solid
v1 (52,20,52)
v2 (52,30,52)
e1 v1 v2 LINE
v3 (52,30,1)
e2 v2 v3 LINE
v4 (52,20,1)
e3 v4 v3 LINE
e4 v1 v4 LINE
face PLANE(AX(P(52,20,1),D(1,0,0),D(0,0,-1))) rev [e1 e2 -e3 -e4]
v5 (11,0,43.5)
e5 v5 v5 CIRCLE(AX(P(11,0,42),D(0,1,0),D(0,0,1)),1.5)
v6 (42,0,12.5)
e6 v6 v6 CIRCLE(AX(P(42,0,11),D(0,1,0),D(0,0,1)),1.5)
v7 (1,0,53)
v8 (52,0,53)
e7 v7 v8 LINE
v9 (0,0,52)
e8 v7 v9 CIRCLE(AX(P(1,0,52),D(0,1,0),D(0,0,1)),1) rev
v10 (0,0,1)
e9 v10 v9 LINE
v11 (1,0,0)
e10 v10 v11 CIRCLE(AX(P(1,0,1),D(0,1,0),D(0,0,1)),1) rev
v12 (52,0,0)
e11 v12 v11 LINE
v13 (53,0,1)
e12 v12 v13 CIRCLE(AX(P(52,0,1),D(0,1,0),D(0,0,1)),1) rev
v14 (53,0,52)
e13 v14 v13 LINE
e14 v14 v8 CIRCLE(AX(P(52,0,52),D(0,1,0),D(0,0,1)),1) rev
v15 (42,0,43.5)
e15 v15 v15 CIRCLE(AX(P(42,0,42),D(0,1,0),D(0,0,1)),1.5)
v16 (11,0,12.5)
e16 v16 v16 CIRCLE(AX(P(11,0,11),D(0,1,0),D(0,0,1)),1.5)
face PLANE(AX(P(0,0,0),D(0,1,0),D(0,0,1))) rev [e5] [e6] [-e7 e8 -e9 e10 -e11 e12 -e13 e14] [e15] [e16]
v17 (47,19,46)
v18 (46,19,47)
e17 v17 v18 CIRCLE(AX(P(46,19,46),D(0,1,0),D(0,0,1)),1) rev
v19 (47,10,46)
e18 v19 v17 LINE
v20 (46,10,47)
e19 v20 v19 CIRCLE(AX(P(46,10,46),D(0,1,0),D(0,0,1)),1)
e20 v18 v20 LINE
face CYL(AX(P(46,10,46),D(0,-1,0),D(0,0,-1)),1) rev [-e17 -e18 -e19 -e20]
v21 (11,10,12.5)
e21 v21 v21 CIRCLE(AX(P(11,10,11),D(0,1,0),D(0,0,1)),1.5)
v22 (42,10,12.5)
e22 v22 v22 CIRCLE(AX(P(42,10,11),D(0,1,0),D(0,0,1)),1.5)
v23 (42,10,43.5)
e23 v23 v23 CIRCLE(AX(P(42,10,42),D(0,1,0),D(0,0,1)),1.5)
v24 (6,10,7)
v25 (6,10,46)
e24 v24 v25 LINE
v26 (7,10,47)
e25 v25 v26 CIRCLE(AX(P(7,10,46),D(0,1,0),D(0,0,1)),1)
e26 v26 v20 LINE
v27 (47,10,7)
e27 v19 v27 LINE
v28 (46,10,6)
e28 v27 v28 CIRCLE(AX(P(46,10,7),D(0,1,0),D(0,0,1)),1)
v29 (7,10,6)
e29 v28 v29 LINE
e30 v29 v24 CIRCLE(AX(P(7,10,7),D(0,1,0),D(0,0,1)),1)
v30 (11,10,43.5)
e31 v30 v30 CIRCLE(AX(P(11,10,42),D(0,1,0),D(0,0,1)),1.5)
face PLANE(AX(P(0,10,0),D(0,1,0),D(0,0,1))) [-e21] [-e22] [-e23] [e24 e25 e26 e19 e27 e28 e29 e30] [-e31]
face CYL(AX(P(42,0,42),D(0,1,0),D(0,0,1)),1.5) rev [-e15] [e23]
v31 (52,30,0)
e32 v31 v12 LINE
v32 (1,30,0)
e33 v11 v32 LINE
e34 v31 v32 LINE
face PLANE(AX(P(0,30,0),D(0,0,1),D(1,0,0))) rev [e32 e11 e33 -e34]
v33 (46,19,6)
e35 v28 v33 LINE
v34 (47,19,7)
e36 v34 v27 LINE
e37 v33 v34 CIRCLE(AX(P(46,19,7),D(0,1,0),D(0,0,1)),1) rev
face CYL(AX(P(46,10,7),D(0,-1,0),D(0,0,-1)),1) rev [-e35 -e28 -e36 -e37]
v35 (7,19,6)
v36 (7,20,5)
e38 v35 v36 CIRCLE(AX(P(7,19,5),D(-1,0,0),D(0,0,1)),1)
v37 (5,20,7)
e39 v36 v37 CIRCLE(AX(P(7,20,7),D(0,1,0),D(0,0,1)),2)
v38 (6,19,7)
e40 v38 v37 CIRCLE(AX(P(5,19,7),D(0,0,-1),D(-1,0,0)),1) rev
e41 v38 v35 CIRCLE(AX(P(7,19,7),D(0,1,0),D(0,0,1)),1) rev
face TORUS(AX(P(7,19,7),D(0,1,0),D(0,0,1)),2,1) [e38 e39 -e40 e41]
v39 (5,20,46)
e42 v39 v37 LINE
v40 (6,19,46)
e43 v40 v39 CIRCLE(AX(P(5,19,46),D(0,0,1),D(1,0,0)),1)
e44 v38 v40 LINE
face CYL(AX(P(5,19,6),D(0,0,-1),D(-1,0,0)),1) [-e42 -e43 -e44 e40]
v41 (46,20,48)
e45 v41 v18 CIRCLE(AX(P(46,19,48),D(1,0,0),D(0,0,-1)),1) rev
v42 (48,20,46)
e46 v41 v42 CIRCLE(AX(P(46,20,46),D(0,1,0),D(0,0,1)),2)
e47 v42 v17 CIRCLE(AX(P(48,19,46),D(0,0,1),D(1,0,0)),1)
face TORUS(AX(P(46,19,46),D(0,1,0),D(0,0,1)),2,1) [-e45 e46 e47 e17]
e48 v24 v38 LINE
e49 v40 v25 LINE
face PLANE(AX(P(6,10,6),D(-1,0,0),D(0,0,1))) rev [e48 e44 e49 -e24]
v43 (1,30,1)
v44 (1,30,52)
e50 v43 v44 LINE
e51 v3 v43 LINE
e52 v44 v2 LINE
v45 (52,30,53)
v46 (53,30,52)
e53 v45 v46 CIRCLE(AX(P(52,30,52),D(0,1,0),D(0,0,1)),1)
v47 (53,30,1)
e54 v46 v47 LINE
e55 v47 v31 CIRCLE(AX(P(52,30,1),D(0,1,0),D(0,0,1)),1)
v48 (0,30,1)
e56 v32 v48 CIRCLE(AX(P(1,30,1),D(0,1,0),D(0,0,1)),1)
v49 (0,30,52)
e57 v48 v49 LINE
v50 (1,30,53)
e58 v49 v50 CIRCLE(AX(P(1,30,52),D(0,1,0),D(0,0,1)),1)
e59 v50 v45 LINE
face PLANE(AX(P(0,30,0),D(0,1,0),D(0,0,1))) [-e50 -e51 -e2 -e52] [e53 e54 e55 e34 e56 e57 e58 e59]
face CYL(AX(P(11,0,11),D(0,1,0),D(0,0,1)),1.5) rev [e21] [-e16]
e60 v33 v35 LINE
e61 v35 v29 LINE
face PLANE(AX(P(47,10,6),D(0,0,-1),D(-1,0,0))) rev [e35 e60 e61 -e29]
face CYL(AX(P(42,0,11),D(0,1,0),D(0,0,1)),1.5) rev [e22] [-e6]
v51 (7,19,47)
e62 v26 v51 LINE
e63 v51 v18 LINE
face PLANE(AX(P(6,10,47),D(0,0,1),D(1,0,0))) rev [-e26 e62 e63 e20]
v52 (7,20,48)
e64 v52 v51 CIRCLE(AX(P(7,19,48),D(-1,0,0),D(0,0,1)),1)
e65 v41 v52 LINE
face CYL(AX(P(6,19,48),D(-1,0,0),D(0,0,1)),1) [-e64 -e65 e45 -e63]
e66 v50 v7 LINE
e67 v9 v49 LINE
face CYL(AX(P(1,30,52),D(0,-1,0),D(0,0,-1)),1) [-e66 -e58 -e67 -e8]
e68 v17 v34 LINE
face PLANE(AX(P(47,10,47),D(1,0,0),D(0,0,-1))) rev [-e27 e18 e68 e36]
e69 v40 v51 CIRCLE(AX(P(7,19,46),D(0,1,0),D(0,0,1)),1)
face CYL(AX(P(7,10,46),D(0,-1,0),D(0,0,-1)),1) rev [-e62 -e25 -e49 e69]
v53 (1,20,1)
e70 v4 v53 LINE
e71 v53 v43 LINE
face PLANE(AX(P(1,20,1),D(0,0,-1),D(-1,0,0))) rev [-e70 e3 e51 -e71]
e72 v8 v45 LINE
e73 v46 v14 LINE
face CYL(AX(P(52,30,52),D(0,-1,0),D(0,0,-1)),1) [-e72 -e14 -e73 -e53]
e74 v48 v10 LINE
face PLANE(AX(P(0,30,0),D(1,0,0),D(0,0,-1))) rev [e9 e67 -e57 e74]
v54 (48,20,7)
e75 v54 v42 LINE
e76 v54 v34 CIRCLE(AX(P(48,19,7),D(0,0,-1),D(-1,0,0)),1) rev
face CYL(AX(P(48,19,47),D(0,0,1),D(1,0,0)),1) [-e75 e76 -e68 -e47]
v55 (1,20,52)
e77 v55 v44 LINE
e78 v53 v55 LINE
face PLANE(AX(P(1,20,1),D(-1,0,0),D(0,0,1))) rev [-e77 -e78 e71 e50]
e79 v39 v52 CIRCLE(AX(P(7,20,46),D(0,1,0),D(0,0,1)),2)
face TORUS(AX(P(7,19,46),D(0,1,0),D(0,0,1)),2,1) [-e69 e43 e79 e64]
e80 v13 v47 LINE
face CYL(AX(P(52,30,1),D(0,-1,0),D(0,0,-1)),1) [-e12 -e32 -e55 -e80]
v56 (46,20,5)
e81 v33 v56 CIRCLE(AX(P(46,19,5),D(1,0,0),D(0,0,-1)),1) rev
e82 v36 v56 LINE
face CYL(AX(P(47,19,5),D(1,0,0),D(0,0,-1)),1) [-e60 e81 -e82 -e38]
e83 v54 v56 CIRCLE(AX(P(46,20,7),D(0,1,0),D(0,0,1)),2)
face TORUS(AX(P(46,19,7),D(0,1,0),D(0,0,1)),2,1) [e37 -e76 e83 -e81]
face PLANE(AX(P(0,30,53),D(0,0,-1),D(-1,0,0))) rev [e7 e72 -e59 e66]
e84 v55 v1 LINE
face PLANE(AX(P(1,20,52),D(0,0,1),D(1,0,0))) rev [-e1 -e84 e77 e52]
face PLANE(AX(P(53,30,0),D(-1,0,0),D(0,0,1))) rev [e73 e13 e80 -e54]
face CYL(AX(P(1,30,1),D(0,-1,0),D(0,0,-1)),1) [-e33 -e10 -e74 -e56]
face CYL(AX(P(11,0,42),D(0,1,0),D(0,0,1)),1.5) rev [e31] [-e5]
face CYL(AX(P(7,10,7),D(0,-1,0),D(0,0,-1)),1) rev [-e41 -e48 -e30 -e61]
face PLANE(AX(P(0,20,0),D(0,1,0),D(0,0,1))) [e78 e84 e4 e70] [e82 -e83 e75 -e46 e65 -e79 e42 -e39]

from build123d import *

# Parameters (mm, degrees)
SKETCH1_W           = 53
SKETCH1_H           = 53
BOSS_EXTRUDE1_DEPTH = 30
SKETCH6_W           = 51
SKETCH6_H           = 51
CUT_EXTRUDE1_DEPTH  = 10
SKETCH7_W           = 41
SKETCH7_H           = 41
CUT_EXTRUDE2_DEPTH  = 10
SKETCH14_R          = 1.5
CUT_EXTRUDE4_DEPTH  = 78.575769413
FILLET1_R           = 1


with BuildPart() as part:
    # Sketch1 → Boss-Extrude1 (new body)
    with BuildSketch(Plane(origin=(0, 0, 0), x_dir=(1, 0, 0), z_dir=(0, 1, 0))):
        with Locations((26.5, -26.5)):
            Rectangle(SKETCH1_W, SKETCH1_H)
    extrude(amount=BOSS_EXTRUDE1_DEPTH)

    # Sketch6 → Cut-Extrude1 (cut)
    with BuildSketch(Plane(origin=(0, 30, 0), x_dir=(1, 0, 0), z_dir=(0, 1, 0))):
        with Locations((26.5, -26.5)):
            Rectangle(SKETCH6_W, SKETCH6_H)
    extrude(amount=-CUT_EXTRUDE1_DEPTH, mode=Mode.SUBTRACT)

    # Sketch7 → Cut-Extrude2 (cut)
    with BuildSketch(Plane(origin=(0, 20, 0), x_dir=(1, 0, 0), z_dir=(0, 1, 0))):
        with Locations((26.5, -26.5)):
            Rectangle(SKETCH7_W, SKETCH7_H)
    extrude(amount=-CUT_EXTRUDE2_DEPTH, mode=Mode.SUBTRACT)

    # Sketch14 → Cut-Extrude4 (cut, through all)
    with BuildSketch(Plane(origin=(0, 10, 0), x_dir=(1, 0, 0), z_dir=(0, 1, 0))):
        with Locations(Location((11, -11, 0), (0, 0, 270))):
            Circle(SKETCH14_R)
        with Locations(Location((42, -11, 0), (0, 0, 270))):
            Circle(SKETCH14_R)
        with Locations(Location((42, -42, 0), (0, 0, 270))):
            Circle(SKETCH14_R)
        with Locations(Location((11, -42, 0), (0, 0, 270))):
            Circle(SKETCH14_R)
    extrude(amount=-CUT_EXTRUDE4_DEPTH, mode=Mode.SUBTRACT)

    # Fillet1
    fillet1_edges = [part.edges().sort_by_distance(p)[0] for p in [
        (6, 15, 6),
        (47, 15, 6),
        (47, 15, 47),
        (6, 15, 47),
        (26.5, 20, 6),
        (6, 20, 26.5),
        (26.5, 20, 47),
        (47, 20, 26.5),
        (0, 15, 0),
        (53, 15, 0),
        (53, 15, 53),
        (0, 15, 53),
    ]]
    fillet(fillet1_edges, radius=FILLET1_R)


solid = part.part
